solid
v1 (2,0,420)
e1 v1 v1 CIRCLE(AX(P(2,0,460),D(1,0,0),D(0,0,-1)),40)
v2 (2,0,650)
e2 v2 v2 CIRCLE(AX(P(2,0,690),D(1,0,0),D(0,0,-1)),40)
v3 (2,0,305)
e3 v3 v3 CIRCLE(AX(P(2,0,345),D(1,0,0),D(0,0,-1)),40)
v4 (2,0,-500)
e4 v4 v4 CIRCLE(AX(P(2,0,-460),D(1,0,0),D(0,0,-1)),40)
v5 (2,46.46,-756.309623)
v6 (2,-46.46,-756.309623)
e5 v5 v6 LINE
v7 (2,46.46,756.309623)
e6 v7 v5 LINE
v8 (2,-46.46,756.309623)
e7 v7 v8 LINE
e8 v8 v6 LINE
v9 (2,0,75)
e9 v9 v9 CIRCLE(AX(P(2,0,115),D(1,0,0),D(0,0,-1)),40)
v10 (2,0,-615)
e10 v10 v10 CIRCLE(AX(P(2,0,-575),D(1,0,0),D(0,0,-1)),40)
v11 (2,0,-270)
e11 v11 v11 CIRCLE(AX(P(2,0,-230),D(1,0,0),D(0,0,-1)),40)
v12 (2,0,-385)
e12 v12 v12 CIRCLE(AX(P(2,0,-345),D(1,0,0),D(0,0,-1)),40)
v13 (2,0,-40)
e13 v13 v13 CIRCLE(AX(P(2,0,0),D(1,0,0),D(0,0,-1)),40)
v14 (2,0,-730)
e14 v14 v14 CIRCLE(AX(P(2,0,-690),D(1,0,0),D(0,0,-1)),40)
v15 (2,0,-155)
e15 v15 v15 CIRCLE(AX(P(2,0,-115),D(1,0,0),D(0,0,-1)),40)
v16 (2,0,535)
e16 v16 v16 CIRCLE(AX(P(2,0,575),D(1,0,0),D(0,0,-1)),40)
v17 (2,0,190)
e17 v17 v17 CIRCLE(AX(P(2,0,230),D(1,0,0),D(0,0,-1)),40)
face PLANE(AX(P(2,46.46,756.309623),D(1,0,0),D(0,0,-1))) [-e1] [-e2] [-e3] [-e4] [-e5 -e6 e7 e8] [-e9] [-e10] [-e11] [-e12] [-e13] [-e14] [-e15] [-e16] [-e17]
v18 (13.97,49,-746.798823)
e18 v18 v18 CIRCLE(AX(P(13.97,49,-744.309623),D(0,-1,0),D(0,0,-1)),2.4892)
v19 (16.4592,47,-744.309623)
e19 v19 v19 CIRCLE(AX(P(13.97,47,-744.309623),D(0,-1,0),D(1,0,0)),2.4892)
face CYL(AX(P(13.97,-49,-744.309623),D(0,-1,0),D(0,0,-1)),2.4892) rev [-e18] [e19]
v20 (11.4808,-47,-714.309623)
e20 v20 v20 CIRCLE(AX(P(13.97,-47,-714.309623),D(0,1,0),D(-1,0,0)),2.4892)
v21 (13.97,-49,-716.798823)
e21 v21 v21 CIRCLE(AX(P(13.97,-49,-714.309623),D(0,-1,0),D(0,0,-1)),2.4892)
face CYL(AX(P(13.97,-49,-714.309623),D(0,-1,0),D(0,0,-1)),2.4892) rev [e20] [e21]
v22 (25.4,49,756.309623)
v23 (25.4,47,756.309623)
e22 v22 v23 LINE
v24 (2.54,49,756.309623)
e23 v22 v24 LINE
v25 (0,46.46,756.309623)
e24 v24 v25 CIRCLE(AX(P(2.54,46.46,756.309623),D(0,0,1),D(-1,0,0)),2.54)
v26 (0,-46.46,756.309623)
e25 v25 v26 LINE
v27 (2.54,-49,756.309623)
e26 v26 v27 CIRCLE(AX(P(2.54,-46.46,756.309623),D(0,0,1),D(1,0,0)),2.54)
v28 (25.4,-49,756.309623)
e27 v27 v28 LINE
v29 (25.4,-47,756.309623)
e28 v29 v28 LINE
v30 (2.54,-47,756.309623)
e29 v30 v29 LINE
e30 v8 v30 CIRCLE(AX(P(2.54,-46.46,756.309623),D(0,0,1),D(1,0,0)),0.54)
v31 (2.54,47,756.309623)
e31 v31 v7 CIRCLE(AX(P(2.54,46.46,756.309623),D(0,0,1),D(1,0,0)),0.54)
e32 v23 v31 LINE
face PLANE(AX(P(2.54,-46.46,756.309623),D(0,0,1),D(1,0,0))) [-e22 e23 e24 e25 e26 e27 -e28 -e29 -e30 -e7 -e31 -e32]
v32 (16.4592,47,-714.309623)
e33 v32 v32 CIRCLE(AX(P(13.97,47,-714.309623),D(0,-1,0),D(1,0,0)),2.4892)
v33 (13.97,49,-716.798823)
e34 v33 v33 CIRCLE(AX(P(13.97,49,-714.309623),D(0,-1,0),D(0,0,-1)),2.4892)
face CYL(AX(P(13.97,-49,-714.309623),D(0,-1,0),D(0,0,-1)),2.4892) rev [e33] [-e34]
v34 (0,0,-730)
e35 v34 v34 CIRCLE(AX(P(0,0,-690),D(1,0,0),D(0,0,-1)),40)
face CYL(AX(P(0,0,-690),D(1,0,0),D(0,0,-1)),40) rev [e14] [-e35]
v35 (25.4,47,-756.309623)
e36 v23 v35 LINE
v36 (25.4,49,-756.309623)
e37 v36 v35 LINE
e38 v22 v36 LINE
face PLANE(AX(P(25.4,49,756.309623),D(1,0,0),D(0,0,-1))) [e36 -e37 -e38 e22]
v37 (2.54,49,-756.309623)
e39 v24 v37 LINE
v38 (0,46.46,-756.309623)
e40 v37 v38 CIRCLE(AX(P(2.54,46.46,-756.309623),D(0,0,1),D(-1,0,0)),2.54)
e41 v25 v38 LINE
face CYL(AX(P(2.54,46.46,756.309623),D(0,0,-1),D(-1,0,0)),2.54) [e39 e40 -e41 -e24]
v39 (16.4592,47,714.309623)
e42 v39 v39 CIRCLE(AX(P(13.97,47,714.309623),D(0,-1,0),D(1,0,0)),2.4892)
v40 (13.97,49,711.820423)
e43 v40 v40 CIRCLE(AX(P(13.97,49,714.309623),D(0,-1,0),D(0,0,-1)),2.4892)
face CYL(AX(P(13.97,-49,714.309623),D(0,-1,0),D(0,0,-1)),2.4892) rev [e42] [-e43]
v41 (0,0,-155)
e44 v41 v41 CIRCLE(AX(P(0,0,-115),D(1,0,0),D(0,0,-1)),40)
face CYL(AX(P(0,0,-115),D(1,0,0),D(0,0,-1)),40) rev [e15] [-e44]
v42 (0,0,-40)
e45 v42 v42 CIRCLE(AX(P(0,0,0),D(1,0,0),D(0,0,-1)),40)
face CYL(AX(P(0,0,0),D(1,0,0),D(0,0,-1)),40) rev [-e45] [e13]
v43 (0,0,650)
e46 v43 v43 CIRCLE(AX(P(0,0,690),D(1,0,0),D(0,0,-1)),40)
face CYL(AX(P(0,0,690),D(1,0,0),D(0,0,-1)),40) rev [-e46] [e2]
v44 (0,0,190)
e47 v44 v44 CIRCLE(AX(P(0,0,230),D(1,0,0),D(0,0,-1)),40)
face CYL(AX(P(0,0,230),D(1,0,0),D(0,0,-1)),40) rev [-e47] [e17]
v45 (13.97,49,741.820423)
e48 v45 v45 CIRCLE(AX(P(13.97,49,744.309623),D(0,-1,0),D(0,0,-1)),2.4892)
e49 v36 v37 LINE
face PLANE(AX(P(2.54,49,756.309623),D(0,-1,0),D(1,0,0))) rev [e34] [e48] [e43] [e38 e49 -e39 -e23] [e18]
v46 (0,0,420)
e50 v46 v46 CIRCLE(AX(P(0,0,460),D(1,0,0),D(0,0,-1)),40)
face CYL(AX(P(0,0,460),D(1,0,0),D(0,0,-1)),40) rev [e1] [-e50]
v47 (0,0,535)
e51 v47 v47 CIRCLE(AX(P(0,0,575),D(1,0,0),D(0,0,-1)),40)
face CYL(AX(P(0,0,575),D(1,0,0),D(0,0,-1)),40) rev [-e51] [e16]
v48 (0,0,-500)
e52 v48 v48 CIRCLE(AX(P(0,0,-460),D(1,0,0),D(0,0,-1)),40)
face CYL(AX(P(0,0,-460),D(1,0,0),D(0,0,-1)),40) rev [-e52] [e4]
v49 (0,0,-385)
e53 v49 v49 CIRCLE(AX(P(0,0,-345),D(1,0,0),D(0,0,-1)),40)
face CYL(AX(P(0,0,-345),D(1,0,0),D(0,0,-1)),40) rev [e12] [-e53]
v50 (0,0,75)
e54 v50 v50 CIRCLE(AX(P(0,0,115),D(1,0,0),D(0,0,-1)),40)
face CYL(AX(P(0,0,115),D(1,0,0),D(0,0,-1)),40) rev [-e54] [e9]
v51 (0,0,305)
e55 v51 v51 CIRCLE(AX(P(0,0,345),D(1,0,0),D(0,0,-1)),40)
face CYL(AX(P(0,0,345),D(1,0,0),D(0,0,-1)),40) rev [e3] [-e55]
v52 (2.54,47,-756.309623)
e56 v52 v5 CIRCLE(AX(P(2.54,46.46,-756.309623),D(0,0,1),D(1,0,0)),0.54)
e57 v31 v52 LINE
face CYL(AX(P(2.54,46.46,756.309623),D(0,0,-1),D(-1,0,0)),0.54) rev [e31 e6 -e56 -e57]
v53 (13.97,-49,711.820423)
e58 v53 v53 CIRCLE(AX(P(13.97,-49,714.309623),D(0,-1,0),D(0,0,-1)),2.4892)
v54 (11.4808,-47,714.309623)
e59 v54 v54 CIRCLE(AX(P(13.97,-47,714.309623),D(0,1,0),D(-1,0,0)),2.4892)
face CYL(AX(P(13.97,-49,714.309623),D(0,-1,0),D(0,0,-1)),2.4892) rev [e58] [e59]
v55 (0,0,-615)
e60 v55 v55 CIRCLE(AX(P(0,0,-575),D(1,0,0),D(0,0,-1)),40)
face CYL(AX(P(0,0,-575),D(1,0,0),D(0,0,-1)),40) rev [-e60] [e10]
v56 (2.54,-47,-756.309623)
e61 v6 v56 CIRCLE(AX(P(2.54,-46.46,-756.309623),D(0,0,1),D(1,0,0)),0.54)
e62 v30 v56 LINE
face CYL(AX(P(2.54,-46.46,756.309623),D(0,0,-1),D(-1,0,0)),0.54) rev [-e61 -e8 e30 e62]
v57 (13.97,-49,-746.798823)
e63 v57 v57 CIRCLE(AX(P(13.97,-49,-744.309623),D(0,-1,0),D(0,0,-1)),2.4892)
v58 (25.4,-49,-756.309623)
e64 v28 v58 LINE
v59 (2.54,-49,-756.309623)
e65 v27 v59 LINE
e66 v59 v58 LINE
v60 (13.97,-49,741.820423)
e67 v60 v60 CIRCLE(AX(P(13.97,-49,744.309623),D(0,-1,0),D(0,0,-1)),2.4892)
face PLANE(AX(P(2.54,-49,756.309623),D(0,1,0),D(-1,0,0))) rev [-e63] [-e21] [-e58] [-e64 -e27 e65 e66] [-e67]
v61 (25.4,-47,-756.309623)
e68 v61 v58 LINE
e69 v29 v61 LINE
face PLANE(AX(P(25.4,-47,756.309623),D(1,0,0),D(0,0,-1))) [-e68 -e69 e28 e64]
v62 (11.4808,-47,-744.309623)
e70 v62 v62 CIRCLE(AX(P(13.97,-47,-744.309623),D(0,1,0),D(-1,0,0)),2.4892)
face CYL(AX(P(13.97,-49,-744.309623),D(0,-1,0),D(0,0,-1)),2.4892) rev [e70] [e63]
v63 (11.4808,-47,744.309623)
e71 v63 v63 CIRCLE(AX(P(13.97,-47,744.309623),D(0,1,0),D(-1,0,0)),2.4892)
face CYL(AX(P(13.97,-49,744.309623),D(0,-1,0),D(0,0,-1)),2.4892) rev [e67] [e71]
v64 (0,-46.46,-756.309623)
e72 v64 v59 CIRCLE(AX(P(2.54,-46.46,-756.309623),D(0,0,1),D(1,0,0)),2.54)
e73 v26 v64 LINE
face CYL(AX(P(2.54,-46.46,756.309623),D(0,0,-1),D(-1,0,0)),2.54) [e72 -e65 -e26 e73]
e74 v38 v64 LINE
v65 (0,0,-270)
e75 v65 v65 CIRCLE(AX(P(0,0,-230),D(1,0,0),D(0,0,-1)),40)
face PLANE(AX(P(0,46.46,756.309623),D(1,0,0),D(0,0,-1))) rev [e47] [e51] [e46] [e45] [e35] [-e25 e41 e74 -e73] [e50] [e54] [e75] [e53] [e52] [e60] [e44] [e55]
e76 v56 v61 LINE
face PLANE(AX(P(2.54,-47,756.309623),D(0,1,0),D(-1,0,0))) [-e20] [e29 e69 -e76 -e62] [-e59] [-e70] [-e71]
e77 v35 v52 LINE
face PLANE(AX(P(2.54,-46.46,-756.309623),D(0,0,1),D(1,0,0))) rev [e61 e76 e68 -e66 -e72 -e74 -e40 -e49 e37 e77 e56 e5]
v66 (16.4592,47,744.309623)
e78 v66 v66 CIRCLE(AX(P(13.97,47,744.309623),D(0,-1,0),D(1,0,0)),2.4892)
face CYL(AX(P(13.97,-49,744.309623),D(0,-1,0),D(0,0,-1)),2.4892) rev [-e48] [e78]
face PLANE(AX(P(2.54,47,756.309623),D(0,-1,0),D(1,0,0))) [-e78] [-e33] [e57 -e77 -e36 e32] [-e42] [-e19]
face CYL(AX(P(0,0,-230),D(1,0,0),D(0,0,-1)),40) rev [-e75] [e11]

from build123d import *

# Parameters (mm, degrees)
EXTRUDE_THIN1_DEPTH    = 756.30962295
SKETCH2_R              = 40
EXTRUDE1_DEPTH         = 3
LPATTERN1_COUNT        = 7
LPATTERN1_PITCH        = 115
LPATTERN2_COUNT        = 7
LPATTERN2_PITCH        = 115
F_10_CLEARANCE_HOLE1_D = 4.9784


with BuildPart() as part:
    # Sketch1 → Extrude-Thin1 (new body, symmetric)
    with BuildSketch(Plane.XY):
        with BuildLine():
            Line((25.4, 49), (2.54, 49))
            ThreePointArc((2.54, 49), (0.743948776, 48.256051224), (0, 46.46))
            Line((0, 46.46), (0, -46.46))
            ThreePointArc((0, -46.46), (0.743948776, -48.256051224), (2.54, -49))
            Line((2.54, -49), (25.4, -49))
            Line((25.4, -49), (25.4, -47))
            Line((25.4, -47), (2.54, -47))
            ThreePointArc((2.54, -47), (2.158162338, -46.841837662), (2, -46.46))
            Line((2, -46.46), (2, 46.46))
            ThreePointArc((2, 46.46), (2.158162338, 46.841837662), (2.54, 47))
            Line((2.54, 47), (25.4, 47))
            Line((25.4, 47), (25.4, 49))
        make_face()
    extrude(amount=EXTRUDE_THIN1_DEPTH, both=True)

    # Sketch2 → Extrude1 (cut, through all)
    with BuildSketch(Plane(origin=(2, 0, 0), x_dir=(0, 0, -1), z_dir=(1, 0, 0))):
        Circle(SKETCH2_R)
    extrude1 = extrude(amount=-EXTRUDE1_DEPTH, mode=Mode.SUBTRACT)

    # LPattern1: Extrude1 ×7
    with Locations(*[(0, 0, i * LPATTERN1_PITCH) for i in range(1, LPATTERN1_COUNT)]):
        add(extrude1, mode=Mode.SUBTRACT)

    # LPattern2: Extrude1 ×7
    with Locations(*[(0, 0, -i * LPATTERN2_PITCH) for i in range(1, LPATTERN2_COUNT)]):
        add(extrude1, mode=Mode.SUBTRACT)

    # #10 Clearance Hole1 (through all)
    with Locations(Plane.XZ.offset(49)):
        with Locations((13.97, 744.30962295), (13.97, 714.30962295)):
            f_10_clearance_hole1 = Hole(F_10_CLEARANCE_HOLE1_D / 2)

    # Mirror1: #10 Clearance Hole1 across plane
    add(f_10_clearance_hole1.mirror(Plane.XY), mode=Mode.SUBTRACT)


solid = part.part
